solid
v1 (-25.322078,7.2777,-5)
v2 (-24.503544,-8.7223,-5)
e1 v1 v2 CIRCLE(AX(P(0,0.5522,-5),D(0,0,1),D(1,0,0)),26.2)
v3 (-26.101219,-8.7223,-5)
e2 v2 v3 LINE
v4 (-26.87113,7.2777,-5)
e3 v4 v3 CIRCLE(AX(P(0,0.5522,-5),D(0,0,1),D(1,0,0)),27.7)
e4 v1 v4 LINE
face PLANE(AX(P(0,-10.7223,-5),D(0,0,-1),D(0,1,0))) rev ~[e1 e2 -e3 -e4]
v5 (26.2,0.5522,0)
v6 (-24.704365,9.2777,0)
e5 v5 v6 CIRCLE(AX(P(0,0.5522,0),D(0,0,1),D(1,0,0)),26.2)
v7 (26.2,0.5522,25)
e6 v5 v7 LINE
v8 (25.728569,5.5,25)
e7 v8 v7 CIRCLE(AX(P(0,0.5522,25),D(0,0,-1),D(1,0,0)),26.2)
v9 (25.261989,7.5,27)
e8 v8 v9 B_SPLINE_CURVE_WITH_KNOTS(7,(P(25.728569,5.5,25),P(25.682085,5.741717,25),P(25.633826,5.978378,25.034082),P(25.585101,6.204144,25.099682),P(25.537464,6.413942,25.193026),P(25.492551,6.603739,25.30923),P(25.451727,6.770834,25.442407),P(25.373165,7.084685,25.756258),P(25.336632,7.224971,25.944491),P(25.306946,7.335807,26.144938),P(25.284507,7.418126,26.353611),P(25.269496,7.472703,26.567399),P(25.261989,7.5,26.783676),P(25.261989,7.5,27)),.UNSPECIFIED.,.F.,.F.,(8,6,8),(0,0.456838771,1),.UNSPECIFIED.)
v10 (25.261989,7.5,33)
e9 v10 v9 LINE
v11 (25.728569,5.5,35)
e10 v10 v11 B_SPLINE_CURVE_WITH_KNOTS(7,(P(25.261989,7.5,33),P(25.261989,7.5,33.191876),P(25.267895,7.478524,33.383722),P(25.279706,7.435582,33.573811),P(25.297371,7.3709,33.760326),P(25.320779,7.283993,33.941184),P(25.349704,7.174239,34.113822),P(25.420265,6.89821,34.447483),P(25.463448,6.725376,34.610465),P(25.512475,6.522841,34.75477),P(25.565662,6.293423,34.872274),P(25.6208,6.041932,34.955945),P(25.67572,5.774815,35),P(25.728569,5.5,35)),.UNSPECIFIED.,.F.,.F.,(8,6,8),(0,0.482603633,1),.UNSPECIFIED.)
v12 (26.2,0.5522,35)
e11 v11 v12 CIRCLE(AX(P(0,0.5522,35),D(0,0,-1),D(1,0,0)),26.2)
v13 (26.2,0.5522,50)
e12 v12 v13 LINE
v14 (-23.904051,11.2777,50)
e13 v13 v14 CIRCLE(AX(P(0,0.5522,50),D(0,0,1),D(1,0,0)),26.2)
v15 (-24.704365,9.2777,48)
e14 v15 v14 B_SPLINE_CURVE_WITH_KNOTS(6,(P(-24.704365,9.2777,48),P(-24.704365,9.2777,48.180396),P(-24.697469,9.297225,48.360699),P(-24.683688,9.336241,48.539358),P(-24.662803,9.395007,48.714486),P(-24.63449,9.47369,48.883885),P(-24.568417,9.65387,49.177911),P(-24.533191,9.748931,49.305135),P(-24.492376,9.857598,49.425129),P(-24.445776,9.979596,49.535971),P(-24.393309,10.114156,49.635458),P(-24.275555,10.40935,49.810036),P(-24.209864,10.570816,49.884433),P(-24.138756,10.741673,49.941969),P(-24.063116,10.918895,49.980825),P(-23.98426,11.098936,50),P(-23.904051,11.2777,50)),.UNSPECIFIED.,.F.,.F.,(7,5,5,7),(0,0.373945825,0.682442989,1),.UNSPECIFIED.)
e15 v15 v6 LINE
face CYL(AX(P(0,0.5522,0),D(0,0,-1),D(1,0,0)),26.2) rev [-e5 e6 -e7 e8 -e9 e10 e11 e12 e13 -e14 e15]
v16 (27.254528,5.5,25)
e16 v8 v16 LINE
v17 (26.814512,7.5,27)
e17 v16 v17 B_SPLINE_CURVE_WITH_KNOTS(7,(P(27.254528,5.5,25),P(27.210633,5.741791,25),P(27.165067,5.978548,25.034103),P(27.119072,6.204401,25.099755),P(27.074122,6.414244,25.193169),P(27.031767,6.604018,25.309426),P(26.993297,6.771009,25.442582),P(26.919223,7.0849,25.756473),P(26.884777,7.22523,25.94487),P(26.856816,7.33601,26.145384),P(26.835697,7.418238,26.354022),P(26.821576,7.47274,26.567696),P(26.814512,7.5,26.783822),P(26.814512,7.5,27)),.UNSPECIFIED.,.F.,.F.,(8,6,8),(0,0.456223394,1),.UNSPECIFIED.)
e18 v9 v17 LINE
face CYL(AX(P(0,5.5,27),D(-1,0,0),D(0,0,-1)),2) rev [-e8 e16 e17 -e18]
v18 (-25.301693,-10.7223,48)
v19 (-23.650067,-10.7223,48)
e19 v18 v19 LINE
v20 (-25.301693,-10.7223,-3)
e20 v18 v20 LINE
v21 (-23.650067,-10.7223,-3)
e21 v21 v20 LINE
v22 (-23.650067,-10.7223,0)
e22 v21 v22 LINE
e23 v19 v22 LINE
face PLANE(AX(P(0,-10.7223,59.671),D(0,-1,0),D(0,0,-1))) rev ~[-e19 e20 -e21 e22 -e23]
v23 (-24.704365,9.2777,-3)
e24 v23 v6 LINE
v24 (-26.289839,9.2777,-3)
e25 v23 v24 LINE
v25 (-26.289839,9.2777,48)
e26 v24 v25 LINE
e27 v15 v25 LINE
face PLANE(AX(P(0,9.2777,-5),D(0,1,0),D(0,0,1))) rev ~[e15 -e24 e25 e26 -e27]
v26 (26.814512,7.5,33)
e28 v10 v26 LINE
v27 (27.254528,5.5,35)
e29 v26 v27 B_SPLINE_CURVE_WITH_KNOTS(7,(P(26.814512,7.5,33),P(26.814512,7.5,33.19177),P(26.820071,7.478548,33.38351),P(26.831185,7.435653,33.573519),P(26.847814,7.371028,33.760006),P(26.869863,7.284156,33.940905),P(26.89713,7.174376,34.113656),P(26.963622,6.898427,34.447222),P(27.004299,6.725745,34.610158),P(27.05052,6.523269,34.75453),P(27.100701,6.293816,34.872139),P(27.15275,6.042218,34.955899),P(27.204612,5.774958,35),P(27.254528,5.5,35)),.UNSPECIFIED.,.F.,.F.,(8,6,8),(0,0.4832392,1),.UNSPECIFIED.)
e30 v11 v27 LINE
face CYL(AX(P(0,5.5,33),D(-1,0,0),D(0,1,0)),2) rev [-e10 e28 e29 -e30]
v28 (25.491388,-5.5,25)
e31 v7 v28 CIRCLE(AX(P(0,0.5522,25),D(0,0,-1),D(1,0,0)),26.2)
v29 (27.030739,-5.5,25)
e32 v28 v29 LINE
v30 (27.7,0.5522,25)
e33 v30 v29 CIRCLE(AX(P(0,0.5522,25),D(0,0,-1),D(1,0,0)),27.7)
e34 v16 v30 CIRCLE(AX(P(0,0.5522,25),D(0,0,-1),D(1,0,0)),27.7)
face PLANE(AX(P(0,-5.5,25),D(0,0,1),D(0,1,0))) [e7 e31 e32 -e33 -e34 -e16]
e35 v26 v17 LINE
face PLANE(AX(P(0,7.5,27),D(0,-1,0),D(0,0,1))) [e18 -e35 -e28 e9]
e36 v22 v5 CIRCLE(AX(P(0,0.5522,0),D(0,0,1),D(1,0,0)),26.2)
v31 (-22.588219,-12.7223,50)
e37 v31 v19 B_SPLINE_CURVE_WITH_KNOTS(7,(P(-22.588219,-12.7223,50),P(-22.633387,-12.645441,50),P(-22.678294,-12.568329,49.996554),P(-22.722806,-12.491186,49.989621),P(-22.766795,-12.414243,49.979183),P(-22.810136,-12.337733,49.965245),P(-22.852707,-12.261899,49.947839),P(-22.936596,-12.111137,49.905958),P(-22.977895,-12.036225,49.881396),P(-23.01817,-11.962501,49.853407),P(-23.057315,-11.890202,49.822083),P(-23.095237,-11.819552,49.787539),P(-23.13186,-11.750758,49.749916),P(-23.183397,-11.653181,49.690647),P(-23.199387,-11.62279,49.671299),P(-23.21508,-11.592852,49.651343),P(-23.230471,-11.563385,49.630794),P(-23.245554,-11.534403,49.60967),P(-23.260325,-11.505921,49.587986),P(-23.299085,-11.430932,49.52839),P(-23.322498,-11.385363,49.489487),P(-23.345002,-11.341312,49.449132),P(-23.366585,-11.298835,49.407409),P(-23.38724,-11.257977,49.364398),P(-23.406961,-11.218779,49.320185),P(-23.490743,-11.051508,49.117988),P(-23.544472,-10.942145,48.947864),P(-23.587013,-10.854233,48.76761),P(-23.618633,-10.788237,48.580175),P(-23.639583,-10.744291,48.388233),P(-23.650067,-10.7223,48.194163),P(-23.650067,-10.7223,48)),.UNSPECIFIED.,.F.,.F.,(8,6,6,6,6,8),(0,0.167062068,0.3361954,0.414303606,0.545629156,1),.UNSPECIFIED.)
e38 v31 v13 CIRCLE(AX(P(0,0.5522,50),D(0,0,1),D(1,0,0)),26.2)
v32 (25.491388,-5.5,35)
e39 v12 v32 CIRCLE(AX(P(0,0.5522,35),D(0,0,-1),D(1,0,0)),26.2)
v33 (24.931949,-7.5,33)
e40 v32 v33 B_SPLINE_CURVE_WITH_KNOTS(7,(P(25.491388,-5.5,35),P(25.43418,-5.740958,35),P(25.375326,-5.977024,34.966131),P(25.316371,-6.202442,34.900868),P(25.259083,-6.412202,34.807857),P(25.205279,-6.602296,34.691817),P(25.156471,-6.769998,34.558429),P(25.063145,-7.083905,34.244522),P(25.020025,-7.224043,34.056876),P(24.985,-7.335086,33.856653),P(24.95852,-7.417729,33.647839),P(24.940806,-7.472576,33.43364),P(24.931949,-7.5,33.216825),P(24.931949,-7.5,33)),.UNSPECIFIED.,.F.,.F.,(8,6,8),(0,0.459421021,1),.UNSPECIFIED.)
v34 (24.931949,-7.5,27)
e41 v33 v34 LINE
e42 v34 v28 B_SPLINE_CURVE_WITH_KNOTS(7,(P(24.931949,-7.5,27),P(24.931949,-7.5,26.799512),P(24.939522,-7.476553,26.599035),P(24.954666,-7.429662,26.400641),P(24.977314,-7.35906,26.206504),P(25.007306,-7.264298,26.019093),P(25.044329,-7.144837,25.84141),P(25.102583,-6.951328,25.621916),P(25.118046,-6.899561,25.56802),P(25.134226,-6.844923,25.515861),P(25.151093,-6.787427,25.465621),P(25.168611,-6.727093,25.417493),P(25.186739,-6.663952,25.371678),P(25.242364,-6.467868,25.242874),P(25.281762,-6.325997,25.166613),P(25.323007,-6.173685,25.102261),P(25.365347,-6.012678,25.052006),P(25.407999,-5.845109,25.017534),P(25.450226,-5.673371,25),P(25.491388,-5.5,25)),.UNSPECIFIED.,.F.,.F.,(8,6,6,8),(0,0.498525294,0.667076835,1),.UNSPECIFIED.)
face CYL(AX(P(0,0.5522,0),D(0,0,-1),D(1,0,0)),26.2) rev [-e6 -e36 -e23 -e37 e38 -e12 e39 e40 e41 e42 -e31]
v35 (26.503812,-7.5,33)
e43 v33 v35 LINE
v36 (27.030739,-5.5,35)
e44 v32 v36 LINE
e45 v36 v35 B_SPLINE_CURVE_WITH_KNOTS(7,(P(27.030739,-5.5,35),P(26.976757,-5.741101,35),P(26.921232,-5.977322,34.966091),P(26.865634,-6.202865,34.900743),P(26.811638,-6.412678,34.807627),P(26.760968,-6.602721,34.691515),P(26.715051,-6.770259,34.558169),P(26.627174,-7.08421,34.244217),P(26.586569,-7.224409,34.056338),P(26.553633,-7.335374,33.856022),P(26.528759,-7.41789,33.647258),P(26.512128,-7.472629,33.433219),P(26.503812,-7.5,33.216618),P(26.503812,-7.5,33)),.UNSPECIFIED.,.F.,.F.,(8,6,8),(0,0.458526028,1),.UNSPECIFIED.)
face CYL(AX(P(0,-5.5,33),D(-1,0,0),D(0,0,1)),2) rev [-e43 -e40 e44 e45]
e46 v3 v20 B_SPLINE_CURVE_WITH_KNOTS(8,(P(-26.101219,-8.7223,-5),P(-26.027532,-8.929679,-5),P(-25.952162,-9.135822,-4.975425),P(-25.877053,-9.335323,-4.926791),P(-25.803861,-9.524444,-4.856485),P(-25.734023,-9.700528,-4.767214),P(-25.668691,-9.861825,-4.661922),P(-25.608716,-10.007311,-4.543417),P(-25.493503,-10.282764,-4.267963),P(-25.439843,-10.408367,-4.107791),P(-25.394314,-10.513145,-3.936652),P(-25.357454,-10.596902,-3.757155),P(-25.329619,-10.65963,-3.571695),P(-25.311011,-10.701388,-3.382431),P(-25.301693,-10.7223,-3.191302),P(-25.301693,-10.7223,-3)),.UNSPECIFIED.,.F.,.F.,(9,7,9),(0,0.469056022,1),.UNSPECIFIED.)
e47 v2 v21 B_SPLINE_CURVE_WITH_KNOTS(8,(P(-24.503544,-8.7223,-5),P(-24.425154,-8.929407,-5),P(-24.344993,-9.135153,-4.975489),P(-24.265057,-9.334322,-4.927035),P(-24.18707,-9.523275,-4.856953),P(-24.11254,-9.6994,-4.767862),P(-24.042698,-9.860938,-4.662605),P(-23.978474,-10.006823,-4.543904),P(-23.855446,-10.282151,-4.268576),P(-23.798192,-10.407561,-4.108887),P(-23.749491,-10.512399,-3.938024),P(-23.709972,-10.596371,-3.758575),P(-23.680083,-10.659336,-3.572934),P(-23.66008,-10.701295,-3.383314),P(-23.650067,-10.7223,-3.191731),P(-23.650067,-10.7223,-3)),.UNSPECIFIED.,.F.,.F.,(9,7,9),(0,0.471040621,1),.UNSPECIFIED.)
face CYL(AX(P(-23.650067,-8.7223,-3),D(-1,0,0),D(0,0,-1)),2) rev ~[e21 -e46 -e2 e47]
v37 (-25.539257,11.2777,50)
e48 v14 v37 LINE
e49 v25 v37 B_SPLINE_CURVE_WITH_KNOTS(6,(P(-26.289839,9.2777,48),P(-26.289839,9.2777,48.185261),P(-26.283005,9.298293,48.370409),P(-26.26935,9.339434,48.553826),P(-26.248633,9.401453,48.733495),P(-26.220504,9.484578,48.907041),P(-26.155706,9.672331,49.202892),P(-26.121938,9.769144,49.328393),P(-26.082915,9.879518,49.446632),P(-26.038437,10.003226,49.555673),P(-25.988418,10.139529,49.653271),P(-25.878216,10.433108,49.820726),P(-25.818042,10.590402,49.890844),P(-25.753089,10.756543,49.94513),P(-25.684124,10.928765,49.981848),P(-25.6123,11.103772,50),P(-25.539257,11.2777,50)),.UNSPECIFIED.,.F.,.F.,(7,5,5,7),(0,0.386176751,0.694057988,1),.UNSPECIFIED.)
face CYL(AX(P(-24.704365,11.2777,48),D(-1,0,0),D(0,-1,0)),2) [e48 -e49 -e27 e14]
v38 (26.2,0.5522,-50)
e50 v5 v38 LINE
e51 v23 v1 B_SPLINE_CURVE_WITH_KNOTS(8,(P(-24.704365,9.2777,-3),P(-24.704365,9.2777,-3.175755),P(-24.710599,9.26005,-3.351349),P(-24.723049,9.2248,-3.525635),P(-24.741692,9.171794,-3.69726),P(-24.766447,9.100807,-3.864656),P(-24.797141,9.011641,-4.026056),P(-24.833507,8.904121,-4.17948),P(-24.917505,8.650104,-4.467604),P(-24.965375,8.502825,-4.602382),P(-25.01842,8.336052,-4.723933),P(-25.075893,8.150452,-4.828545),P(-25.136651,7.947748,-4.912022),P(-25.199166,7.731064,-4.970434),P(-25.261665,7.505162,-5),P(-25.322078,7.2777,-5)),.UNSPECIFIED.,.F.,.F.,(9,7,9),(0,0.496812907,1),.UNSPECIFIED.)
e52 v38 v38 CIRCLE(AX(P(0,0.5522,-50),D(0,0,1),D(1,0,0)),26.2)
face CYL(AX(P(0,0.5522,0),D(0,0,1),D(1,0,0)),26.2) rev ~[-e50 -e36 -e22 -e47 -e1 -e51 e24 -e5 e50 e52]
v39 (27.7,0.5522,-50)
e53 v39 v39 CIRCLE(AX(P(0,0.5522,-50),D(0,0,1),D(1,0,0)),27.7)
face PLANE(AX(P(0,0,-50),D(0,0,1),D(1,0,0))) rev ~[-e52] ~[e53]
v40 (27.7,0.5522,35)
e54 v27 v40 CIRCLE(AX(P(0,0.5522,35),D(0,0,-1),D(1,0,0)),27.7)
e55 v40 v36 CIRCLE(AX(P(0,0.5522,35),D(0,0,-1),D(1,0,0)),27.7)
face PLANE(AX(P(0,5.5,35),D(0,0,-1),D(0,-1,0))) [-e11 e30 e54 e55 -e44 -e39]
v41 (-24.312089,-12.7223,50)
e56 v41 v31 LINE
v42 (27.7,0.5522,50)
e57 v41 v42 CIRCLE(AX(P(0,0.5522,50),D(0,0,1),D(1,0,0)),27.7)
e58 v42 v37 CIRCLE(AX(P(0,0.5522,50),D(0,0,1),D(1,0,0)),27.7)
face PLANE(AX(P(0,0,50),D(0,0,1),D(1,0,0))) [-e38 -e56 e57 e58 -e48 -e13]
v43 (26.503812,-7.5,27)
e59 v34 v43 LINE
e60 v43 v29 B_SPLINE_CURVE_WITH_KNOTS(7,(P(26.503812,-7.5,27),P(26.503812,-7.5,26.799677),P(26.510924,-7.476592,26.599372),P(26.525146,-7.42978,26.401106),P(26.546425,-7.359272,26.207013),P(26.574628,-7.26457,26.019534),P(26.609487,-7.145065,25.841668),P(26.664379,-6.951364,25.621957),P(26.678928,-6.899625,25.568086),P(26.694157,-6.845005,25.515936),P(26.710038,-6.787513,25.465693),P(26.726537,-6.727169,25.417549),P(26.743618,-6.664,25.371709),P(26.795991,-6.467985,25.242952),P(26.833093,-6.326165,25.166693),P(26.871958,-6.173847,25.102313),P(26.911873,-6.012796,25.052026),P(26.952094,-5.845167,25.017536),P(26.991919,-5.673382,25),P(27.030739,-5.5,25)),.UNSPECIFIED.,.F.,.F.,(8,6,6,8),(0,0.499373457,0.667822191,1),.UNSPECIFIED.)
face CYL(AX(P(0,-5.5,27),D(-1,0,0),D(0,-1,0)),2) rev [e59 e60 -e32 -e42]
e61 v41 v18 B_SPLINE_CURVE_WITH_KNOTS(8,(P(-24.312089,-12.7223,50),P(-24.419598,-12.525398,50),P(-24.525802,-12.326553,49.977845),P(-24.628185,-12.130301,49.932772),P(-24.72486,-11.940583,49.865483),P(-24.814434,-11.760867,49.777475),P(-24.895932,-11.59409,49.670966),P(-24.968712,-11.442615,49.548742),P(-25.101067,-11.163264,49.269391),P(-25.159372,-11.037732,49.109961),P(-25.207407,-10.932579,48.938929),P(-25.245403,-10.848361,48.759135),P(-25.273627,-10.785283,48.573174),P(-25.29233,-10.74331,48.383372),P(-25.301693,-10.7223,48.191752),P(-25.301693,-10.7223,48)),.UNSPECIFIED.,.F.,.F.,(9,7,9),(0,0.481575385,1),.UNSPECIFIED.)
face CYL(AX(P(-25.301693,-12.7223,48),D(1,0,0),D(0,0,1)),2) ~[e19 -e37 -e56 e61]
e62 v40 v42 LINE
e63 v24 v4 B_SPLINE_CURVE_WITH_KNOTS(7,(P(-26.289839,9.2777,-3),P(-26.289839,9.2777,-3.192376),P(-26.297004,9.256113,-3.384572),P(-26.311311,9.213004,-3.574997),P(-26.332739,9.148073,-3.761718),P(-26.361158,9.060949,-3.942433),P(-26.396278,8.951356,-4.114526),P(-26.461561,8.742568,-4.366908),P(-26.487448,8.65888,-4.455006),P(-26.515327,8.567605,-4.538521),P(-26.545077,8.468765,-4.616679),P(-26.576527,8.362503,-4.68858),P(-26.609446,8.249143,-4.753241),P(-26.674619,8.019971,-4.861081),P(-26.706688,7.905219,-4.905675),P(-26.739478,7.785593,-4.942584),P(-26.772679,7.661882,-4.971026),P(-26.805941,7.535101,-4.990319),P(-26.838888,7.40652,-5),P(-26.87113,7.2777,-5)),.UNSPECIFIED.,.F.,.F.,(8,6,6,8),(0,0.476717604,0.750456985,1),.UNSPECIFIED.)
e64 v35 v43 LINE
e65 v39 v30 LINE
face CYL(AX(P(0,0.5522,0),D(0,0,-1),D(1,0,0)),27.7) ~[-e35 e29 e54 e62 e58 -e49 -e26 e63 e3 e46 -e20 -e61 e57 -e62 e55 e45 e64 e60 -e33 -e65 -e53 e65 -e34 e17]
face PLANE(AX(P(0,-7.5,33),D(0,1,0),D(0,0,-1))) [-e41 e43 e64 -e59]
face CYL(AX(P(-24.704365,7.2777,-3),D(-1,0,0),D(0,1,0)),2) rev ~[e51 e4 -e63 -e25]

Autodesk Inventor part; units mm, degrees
ref_plane "YZ Plane" through (0, 0, 0) normal (1, 0, 0) x (0, 1, 0)
ref_plane "XZ Plane" through (0, 0, 0) normal (0, 1, 0) x (-1, 0, 0)
ref_plane "XY Plane" through (0, 0, 0) normal (0, 0, 1) x (1, 0, 0)
ref_plane "Arbeitsebene1" through (0, 0, 0) normal (0, 0, 1) x (1, 0, 0)
sketch "Skizze1" plane through (0, 0, 0) normal (0, 0, 1) x (1, 0, 0)
  circle A0 centre (0, 0.5522) radius 27.7
  circle A1 centre (0, 0.5522) radius 26.2
  point P0 (0, 0)
  dimension "d11" = 52.4
  dimension "d12" = 55.4
extrude "Extrusion1" add sketch "Skizze1" along normal mid plane 100
sketch "Skizze3" plane through (0, 0, 0) normal (1, 0, 0) x (0, 1, 0)
  line L0 (-27.1478, -50) -> (-27.1478, 50) projected
  line L1 (28.2522, -50) -> (28.2522, 50) projected
  line L2 (9.2777, 59.671) -> (-10.7223, 59.671)
  line L3 (-10.7223, 59.671) -> (-10.7223, -5)
  line L4 (-10.7223, -5) -> (9.2777, -5)
  line L5 (9.2777, -5) -> (9.2777, 59.671)
  line L6 (9.2777, 59.671) -> (-10.7223, -5) construction
  line L7 (-10.7223, 59.671) -> (9.2777, -5) construction
  line L8 (0.5522, 50) -> (0.5522, 50) projected
  point P0 (0, 0)
  point P1 (-0.7223, 27.3355)
  dimension "d13" = 20
  dimension "d14" = 55
extrude "Extrusion3" cut sketch "Skizze3" against normal blind 75
fillet "Rundung1" radius 2 4 edges at (-25.4971, 9.2777, 50) (-25.4971, 9.2777, -5) (-24.4759, -10.7223, 50) (-24.4759, -10.7223, -5)
sketch "Skizze4" plane through (0, 0, 0) normal (1, 0, 0) x (0, 1, 0)
  line L0 (-10.7223, 48) -> (-10.7223, -3) projected
  line L1 (-8.7223, -5) -> (7.2777, -5) projected
  line L2 (9.2777, -3) -> (9.2777, 48) projected
  line L3 (-12.7223, 50) -> (11.2777, 50) projected
  line L4 (-27.1478, -50) -> (28.2522, -50) projected
  line L5 (5.5, 35) -> (-5.5, 35)
  line L6 (-7.5, 33) -> (-7.5, 27)
  line L7 (-5.5, 25) -> (5.5, 25)
  line L8 (7.5, 27) -> (7.5, 33)
  line L9 (7.5, 35) -> (-7.5, 25) construction
  line L10 (-7.5, 35) -> (7.5, 25) construction
  line L11 (-25.6478, 50) -> (26.7522, 50) projected
  line L12 (-2.9499, 34.5) -> (4.0501, 34.5) projected
  arc A0 (7.5, 33) -> (5.5, 35) centre (5.5, 33) ccw
  arc A1 (-5.5, 35) -> (-7.5, 33) centre (-5.5, 33) ccw
  arc A2 (-7.5, 27) -> (-5.5, 25) centre (-5.5, 27) ccw
  arc A3 (5.5, 25) -> (7.5, 27) centre (5.5, 27) ccw
  point P0 (0, 0)
  point P1 (0, 30)
  dimension "d18" = 15
  dimension "d19" = 10
  dimension "d20" = 15
  dimension "d21" = 2
extrude "Extrusion4" cut sketch "Skizze4" along normal through all
properties part number "Planktoscope_connectortube"
